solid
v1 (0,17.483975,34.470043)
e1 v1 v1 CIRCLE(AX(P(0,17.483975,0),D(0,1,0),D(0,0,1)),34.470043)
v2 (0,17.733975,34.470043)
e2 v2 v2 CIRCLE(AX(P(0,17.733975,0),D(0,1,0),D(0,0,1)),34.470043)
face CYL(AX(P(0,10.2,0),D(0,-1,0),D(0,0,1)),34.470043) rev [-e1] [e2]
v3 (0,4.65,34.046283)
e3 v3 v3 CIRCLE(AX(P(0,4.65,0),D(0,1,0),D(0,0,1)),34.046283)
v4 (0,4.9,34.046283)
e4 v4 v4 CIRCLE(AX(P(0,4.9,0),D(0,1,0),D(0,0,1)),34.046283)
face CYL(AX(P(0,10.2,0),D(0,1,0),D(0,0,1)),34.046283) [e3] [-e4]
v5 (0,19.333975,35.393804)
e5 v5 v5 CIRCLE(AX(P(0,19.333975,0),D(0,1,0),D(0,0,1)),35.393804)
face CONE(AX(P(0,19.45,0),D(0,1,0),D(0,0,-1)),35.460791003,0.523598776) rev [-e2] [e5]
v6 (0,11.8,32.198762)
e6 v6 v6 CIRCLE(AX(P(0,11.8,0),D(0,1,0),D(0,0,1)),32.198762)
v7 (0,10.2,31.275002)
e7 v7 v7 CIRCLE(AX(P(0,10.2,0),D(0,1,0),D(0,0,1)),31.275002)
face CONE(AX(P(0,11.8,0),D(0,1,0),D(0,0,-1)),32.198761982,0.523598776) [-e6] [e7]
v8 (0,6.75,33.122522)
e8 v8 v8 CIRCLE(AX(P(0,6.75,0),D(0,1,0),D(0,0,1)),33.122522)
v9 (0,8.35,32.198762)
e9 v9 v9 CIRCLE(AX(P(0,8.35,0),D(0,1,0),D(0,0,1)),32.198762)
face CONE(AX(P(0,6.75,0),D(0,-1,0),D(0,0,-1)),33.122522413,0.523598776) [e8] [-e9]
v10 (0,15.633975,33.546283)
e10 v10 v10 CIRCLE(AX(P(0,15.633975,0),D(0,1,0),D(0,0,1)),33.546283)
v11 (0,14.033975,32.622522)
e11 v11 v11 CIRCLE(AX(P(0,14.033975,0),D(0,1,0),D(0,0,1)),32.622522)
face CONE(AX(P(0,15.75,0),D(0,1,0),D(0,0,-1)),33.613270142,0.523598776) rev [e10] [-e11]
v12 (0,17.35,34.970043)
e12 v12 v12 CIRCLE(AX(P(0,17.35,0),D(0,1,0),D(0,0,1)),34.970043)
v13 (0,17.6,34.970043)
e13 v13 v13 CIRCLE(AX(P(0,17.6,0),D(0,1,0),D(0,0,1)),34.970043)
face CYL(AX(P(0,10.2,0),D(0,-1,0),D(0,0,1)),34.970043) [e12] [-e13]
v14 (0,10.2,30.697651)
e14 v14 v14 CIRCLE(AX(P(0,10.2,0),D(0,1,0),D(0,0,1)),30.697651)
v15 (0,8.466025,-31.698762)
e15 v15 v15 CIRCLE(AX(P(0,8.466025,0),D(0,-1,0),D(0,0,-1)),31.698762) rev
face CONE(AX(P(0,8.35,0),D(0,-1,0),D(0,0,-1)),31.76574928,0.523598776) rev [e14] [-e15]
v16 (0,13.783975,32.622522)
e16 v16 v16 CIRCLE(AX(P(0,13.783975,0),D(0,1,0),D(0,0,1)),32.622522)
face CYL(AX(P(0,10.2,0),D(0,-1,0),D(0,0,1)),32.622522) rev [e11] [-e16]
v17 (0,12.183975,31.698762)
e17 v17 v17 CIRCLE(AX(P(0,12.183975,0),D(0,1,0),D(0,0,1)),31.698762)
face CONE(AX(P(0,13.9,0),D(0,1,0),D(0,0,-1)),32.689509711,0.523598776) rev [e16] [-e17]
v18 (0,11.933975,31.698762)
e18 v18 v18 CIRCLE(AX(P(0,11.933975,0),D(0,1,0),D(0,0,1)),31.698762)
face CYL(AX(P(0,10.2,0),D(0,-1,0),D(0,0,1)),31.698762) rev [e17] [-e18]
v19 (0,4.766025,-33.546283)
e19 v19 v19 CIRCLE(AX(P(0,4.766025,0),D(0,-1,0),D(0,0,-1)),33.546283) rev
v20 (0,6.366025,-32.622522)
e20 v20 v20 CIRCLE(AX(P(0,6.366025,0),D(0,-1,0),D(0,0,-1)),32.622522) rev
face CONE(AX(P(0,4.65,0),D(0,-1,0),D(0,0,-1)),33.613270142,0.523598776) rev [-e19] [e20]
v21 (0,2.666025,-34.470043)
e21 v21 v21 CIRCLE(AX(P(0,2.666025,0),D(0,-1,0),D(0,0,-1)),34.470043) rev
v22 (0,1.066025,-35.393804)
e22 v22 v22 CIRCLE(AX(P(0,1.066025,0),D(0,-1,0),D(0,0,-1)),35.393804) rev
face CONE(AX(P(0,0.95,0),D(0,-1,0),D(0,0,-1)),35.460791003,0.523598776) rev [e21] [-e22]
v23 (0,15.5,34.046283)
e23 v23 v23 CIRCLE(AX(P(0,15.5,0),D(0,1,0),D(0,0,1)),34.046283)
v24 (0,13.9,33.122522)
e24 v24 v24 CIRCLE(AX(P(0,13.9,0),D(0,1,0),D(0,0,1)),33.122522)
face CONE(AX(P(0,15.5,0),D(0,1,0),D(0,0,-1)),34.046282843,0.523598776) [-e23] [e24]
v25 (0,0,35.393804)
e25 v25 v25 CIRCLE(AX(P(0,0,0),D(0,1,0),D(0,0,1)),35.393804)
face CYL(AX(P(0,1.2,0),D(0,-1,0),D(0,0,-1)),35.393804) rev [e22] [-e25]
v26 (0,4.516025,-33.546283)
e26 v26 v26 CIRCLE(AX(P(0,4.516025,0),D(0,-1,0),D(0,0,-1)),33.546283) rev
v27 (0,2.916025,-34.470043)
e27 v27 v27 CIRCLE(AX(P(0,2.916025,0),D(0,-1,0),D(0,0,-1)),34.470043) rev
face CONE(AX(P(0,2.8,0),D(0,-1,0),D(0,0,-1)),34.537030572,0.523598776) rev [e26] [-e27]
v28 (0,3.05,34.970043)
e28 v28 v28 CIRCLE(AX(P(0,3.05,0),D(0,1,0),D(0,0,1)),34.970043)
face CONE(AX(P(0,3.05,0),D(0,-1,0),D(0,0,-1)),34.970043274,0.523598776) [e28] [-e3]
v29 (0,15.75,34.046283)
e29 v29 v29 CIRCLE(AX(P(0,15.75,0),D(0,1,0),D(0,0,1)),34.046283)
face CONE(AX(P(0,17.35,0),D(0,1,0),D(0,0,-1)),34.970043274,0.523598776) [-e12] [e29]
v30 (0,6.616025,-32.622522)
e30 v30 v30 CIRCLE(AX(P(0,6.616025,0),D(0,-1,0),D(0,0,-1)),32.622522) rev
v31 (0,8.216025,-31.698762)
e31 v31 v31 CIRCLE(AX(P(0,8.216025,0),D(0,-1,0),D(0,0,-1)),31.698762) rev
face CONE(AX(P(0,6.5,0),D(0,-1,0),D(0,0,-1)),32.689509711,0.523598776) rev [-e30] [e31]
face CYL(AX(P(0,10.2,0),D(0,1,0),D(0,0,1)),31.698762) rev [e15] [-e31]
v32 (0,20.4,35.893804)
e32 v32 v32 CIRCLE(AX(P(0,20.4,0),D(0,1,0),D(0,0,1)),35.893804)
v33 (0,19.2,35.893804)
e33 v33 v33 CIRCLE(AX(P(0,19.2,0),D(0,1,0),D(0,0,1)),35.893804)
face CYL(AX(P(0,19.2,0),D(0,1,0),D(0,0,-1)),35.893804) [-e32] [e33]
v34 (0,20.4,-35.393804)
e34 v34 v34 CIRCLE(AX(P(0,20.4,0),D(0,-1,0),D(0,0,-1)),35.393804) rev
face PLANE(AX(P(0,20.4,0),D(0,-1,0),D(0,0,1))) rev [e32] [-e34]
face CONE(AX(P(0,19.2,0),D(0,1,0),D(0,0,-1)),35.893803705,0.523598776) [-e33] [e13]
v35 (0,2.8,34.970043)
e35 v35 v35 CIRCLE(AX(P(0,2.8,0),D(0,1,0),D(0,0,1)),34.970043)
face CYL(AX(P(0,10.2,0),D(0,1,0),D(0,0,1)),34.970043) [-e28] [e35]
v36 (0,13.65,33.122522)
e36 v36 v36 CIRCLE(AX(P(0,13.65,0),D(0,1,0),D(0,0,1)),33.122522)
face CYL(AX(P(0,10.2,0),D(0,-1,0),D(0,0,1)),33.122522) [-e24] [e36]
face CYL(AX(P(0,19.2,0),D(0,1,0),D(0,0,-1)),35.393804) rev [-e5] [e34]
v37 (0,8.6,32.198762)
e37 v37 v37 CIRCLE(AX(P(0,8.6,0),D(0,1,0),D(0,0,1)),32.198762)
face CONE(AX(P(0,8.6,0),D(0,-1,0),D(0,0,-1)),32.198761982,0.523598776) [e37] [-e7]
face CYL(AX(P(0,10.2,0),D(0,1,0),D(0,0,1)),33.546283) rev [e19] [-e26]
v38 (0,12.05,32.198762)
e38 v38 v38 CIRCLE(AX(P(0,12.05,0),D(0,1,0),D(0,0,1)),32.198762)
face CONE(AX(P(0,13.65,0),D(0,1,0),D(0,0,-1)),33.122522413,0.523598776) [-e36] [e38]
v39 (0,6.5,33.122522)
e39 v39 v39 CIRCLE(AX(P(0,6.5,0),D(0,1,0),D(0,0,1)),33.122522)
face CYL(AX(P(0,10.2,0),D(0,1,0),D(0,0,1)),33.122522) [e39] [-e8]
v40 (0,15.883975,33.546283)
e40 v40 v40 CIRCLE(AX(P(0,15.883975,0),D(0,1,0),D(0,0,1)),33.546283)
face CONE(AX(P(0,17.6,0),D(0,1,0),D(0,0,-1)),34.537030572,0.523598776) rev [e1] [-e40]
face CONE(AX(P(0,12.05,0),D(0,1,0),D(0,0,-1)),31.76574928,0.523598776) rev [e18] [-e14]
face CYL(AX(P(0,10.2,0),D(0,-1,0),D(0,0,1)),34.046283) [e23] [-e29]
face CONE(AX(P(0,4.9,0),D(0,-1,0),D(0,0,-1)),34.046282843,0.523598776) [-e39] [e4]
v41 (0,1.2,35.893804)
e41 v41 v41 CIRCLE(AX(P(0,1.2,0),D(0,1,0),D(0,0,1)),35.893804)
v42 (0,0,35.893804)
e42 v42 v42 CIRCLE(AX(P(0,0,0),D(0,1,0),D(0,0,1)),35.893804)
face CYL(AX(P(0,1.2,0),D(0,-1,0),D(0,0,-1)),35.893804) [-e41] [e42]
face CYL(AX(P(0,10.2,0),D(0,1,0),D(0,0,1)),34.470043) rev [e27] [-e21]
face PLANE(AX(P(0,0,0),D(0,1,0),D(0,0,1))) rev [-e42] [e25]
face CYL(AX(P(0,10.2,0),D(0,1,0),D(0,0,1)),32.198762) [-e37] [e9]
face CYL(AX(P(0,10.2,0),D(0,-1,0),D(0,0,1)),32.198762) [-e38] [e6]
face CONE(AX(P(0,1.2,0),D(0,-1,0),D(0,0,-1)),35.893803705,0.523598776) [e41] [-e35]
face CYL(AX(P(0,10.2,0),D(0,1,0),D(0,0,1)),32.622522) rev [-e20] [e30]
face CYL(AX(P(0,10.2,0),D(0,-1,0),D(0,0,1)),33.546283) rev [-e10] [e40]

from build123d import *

# Parameters (mm, degrees)
SKETCH_1_R      = 35.893803705
EXTRUDE_1_DEPTH = 1.2
SKETCH_4_W      = 15.348825641
SKETCH_4_H      = 9
SHELL_1_T       = -0.5


with BuildPart() as part:
    # 스케치1 → 보스-돌출1 (new body)
    with BuildSketch(Plane(origin=(0, 0, 0), x_dir=(1, 0, 0), z_dir=(0, 1, 0))):
        with Locations(Location((0, 0, 0), (0, 0, 270))):
            Circle(SKETCH_1_R)
    extrude_1 = extrude(amount=EXTRUDE_1_DEPTH)

    # 스케치4 → 회전1 (revolve)
    with BuildSketch(Plane(origin=(0, 0, 0), x_dir=(0, 0, -1), z_dir=(1, 0, 0))):
        Polygon((-34.970043274, 2.8), (-35.893803705, 1.2), (-15.348825641, 1.2), (-15.348825641, 10.2), (-30.697651282, 10.2), (-31.275001551, 10.2), (-32.198761982, 8.6), (-32.198761982, 8.35), (-33.122522413, 6.75), (-33.122522413, 6.5), (-34.046282843, 4.9), (-34.046282843, 4.65), (-34.970043274, 3.05), align=None)
        with Locations((-7.674412821, 5.7)):
            Rectangle(SKETCH_4_W, SKETCH_4_H)
    revolve_1 = revolve(axis=Axis((0, 10.2, 0), (0, -1, 0)))


with BuildPart() as mirror_1_1:
    # 대칭 복사1: 보스-돌출1, 회전1 across 평면1
    add(extrude_1.mirror(Plane(origin=(0, 10.2, 0), x_dir=(1, 0, 0), z_dir=(0, 1, 0))))
    add(revolve_1.mirror(Plane(origin=(0, 10.2, 0), x_dir=(1, 0, 0), z_dir=(0, 1, 0))))


with BuildPart() as part_1:
    add(part.part)

    # 대칭 복사1 united with what the copies tou: union 대칭 복사1_1
    add(mirror_1_1.part)

    # 쉘1
    shell_1_openings = [part_1.faces().sort_by_distance(p)[0] for p in [
        (0, 20.4, 0),
        (0, 0, 0),
    ]]
    offset(amount=SHELL_1_T, openings=shell_1_openings, kind=Kind.INTERSECTION)


solid = part_1.part
